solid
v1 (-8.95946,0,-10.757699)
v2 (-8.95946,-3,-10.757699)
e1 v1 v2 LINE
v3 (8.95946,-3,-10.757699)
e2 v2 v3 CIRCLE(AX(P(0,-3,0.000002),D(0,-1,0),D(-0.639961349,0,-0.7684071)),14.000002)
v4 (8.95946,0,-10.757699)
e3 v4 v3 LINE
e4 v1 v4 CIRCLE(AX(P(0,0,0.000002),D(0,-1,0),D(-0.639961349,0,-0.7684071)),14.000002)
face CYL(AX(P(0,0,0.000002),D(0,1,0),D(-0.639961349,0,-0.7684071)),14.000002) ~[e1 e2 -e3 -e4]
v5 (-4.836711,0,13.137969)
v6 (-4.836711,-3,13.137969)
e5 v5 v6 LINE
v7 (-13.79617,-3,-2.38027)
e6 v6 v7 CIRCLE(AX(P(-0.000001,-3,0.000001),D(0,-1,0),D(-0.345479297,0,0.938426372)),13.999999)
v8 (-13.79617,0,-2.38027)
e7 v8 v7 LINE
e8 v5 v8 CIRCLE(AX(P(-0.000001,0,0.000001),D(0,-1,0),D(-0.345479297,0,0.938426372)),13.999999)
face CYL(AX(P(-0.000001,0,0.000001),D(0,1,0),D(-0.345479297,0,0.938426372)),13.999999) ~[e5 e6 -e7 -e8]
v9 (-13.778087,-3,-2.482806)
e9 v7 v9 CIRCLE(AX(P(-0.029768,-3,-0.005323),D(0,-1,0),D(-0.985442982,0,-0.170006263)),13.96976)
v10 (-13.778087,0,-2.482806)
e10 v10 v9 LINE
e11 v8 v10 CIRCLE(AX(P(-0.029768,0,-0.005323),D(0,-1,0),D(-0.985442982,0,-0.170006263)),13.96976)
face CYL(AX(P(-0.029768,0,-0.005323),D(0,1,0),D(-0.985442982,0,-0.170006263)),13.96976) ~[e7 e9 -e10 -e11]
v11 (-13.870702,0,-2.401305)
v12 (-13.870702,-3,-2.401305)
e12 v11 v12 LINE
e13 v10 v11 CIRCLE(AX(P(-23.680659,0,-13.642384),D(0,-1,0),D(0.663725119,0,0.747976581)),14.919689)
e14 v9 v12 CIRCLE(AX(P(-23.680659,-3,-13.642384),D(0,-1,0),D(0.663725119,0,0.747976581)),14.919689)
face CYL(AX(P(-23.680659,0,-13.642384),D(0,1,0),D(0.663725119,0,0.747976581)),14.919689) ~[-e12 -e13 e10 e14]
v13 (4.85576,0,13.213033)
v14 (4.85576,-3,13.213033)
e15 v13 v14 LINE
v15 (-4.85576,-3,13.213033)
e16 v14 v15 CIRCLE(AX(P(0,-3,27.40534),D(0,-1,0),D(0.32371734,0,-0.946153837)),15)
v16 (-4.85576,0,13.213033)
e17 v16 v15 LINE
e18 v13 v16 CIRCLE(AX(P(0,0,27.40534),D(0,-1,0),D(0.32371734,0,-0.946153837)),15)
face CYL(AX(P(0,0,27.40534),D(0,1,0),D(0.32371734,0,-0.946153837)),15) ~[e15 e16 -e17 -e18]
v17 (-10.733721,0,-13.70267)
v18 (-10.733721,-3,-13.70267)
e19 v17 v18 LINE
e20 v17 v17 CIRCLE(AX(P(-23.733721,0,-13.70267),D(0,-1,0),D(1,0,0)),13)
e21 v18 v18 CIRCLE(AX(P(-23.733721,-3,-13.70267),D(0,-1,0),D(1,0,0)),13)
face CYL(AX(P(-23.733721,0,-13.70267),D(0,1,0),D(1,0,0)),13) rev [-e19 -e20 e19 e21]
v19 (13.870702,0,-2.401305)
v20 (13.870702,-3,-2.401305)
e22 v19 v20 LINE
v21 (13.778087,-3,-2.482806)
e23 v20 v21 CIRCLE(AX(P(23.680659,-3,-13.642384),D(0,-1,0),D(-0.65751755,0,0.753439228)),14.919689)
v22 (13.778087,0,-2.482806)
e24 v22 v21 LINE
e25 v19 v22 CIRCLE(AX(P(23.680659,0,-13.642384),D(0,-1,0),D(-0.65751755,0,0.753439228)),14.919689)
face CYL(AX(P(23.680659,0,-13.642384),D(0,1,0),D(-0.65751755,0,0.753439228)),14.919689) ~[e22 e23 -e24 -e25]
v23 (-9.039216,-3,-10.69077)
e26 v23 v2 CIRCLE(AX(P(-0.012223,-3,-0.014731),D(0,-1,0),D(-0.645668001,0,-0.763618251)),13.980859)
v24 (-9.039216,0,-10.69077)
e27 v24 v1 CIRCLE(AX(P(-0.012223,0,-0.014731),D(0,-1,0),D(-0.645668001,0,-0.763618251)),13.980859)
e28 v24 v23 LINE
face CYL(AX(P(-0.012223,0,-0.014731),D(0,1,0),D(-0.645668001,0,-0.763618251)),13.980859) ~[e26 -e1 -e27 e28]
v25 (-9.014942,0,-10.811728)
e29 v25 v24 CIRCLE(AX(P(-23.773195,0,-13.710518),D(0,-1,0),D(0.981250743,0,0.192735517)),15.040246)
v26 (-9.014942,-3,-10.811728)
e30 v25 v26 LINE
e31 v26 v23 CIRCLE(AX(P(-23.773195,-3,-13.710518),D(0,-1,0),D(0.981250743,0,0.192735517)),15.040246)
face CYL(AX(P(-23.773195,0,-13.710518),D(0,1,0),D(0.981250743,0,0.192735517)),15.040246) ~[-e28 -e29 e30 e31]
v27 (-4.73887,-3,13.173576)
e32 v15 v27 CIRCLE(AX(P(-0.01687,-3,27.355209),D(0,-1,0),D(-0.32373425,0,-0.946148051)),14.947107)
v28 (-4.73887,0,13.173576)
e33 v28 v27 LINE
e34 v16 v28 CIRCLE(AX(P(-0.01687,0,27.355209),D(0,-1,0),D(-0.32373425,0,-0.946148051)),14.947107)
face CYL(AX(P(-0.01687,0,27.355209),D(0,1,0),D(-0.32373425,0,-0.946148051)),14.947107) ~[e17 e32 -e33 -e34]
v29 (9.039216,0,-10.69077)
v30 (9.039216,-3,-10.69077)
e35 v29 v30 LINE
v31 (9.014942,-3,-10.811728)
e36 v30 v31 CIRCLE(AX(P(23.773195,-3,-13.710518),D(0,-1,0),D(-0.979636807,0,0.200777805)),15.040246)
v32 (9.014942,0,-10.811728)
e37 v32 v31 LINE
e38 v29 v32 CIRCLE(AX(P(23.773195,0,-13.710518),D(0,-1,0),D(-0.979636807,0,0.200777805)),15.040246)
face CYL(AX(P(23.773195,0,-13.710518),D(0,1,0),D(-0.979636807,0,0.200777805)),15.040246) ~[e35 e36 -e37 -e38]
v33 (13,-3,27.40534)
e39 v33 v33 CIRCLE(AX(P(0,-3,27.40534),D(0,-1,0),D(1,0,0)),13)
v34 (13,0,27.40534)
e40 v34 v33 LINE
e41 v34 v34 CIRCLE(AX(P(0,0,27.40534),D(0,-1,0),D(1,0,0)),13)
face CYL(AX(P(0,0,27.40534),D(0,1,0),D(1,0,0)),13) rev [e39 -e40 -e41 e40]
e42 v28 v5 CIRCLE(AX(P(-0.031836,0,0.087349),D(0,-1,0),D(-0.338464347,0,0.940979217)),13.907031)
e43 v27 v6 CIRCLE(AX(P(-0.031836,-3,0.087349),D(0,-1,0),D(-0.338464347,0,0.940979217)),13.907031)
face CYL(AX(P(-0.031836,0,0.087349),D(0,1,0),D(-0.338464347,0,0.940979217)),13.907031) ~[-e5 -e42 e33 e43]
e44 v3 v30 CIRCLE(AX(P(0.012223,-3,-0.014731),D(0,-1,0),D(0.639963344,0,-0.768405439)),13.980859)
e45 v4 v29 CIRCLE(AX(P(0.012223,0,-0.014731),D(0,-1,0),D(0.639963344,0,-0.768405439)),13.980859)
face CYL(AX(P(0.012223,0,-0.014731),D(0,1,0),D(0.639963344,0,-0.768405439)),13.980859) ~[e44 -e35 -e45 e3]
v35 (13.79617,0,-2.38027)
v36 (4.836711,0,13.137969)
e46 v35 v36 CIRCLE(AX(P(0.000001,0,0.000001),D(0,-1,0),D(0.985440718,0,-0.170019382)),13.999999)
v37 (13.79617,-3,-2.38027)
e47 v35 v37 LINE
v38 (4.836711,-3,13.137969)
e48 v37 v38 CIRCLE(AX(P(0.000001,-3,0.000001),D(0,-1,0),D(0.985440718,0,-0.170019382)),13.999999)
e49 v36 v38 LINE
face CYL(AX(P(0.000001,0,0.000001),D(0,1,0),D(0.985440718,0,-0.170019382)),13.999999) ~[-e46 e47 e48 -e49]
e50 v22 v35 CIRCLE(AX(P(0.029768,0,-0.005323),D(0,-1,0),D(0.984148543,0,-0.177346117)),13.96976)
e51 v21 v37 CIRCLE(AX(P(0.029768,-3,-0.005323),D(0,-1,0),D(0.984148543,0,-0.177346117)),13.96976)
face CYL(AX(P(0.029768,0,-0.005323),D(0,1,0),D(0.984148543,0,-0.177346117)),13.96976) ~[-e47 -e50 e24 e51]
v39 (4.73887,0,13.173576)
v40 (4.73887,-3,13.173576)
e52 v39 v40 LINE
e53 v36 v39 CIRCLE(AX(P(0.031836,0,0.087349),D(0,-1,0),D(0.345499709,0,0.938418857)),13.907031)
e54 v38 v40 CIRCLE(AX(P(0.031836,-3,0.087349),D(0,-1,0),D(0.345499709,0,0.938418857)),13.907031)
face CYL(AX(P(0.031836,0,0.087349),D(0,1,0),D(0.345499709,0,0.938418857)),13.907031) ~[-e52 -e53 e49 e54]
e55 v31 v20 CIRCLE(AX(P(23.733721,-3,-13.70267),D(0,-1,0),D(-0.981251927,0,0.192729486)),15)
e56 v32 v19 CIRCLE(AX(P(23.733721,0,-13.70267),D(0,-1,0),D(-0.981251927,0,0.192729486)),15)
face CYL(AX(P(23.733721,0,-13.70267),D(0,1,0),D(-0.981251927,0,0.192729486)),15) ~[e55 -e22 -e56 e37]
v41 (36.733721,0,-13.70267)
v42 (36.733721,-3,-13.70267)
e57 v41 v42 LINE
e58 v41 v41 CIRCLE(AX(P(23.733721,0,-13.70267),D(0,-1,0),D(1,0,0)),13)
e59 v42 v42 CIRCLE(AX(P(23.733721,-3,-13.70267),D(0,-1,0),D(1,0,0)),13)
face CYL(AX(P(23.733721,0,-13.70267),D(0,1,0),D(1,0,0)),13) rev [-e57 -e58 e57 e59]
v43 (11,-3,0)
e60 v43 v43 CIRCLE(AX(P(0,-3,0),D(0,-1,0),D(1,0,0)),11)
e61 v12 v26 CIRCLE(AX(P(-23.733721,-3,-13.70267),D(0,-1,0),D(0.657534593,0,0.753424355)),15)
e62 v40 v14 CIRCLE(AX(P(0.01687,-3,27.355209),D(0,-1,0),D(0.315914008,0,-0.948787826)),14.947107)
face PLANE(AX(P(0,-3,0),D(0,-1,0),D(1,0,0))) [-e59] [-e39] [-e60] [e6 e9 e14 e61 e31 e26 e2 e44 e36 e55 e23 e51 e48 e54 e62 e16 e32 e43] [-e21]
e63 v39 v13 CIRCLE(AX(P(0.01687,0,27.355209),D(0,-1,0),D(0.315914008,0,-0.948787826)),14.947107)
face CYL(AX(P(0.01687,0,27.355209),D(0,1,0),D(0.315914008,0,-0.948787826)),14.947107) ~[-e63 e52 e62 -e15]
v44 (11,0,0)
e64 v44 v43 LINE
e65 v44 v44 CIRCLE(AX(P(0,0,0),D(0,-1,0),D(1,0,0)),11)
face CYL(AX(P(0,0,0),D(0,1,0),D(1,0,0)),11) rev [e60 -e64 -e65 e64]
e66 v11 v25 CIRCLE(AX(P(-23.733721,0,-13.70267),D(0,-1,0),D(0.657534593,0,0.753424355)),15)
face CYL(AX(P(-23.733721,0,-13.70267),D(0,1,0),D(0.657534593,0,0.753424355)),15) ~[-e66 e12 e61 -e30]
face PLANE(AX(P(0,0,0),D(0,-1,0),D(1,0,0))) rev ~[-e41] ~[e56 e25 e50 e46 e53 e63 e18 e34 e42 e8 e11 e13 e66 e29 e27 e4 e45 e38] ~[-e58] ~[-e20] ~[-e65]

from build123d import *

# Parameters (mm, degrees)
F0_R     = 13
F0_R_2   = 11
F1_DEPTH = 3


with BuildPart() as f1:
    # F0 (on Front) → F1 (new body)
    with BuildSketch(Plane.XZ):
        with BuildLine():
            ThreePointArc((4.85576, 13.213033), (0, 42.40534), (-4.85576, 13.213033))
            ThreePointArc((-4.85576, 13.213033), (-4.797356, 13.193184), (-4.73887, 13.173576))
            ThreePointArc((-4.73887, 13.173576), (-4.787824, 13.155864), (-4.836711, 13.137969))
            ThreePointArc((-4.836711, 13.137969), (-12.124356, 7), (-13.79617, -2.38027))
            ThreePointArc((-13.79617, -2.38027), (-13.787224, -2.431555), (-13.778087, -2.482806))
            ThreePointArc((-13.778087, -2.482806), (-13.82431, -2.44196), (-13.870702, -2.401305))
            ThreePointArc((-13.870702, -2.401305), (-36.724102, -21.20267), (-9.014942, -10.811728))
            ThreePointArc((-9.014942, -10.811728), (-9.026955, -10.751224), (-9.039216, -10.69077))
            ThreePointArc((-9.039216, -10.69077), (-8.9994, -10.724309), (-8.95946, -10.757699))
            ThreePointArc((-8.95946, -10.757699), (0, -14), (8.95946, -10.757699))
            ThreePointArc((8.95946, -10.757699), (8.9994, -10.724309), (9.039216, -10.69077))
            ThreePointArc((9.039216, -10.69077), (9.026955, -10.751224), (9.014942, -10.811728))
            ThreePointArc((9.014942, -10.811728), (36.724102, -21.20267), (13.870702, -2.401305))
            ThreePointArc((13.870702, -2.401305), (13.82431, -2.44196), (13.778087, -2.482806))
            ThreePointArc((13.778087, -2.482806), (13.787224, -2.431555), (13.79617, -2.38027))
            ThreePointArc((13.79617, -2.38027), (12.124356, 7), (4.836711, 13.137969))
            ThreePointArc((4.836711, 13.137969), (4.787824, 13.155864), (4.73887, 13.173576))
            ThreePointArc((4.73887, 13.173576), (4.797356, 13.193184), (4.85576, 13.213033))
        make_face()
        with Locations((-23.733721, -13.70267)):
            Circle(F0_R, mode=Mode.SUBTRACT)
        with Locations((23.733721, -13.70267)):
            Circle(F0_R, mode=Mode.SUBTRACT)
        Circle(F0_R_2, mode=Mode.SUBTRACT)
        with Locations((0, 27.40534)):
            Circle(F0_R, mode=Mode.SUBTRACT)
    extrude(amount=F1_DEPTH)


solid = f1.part
